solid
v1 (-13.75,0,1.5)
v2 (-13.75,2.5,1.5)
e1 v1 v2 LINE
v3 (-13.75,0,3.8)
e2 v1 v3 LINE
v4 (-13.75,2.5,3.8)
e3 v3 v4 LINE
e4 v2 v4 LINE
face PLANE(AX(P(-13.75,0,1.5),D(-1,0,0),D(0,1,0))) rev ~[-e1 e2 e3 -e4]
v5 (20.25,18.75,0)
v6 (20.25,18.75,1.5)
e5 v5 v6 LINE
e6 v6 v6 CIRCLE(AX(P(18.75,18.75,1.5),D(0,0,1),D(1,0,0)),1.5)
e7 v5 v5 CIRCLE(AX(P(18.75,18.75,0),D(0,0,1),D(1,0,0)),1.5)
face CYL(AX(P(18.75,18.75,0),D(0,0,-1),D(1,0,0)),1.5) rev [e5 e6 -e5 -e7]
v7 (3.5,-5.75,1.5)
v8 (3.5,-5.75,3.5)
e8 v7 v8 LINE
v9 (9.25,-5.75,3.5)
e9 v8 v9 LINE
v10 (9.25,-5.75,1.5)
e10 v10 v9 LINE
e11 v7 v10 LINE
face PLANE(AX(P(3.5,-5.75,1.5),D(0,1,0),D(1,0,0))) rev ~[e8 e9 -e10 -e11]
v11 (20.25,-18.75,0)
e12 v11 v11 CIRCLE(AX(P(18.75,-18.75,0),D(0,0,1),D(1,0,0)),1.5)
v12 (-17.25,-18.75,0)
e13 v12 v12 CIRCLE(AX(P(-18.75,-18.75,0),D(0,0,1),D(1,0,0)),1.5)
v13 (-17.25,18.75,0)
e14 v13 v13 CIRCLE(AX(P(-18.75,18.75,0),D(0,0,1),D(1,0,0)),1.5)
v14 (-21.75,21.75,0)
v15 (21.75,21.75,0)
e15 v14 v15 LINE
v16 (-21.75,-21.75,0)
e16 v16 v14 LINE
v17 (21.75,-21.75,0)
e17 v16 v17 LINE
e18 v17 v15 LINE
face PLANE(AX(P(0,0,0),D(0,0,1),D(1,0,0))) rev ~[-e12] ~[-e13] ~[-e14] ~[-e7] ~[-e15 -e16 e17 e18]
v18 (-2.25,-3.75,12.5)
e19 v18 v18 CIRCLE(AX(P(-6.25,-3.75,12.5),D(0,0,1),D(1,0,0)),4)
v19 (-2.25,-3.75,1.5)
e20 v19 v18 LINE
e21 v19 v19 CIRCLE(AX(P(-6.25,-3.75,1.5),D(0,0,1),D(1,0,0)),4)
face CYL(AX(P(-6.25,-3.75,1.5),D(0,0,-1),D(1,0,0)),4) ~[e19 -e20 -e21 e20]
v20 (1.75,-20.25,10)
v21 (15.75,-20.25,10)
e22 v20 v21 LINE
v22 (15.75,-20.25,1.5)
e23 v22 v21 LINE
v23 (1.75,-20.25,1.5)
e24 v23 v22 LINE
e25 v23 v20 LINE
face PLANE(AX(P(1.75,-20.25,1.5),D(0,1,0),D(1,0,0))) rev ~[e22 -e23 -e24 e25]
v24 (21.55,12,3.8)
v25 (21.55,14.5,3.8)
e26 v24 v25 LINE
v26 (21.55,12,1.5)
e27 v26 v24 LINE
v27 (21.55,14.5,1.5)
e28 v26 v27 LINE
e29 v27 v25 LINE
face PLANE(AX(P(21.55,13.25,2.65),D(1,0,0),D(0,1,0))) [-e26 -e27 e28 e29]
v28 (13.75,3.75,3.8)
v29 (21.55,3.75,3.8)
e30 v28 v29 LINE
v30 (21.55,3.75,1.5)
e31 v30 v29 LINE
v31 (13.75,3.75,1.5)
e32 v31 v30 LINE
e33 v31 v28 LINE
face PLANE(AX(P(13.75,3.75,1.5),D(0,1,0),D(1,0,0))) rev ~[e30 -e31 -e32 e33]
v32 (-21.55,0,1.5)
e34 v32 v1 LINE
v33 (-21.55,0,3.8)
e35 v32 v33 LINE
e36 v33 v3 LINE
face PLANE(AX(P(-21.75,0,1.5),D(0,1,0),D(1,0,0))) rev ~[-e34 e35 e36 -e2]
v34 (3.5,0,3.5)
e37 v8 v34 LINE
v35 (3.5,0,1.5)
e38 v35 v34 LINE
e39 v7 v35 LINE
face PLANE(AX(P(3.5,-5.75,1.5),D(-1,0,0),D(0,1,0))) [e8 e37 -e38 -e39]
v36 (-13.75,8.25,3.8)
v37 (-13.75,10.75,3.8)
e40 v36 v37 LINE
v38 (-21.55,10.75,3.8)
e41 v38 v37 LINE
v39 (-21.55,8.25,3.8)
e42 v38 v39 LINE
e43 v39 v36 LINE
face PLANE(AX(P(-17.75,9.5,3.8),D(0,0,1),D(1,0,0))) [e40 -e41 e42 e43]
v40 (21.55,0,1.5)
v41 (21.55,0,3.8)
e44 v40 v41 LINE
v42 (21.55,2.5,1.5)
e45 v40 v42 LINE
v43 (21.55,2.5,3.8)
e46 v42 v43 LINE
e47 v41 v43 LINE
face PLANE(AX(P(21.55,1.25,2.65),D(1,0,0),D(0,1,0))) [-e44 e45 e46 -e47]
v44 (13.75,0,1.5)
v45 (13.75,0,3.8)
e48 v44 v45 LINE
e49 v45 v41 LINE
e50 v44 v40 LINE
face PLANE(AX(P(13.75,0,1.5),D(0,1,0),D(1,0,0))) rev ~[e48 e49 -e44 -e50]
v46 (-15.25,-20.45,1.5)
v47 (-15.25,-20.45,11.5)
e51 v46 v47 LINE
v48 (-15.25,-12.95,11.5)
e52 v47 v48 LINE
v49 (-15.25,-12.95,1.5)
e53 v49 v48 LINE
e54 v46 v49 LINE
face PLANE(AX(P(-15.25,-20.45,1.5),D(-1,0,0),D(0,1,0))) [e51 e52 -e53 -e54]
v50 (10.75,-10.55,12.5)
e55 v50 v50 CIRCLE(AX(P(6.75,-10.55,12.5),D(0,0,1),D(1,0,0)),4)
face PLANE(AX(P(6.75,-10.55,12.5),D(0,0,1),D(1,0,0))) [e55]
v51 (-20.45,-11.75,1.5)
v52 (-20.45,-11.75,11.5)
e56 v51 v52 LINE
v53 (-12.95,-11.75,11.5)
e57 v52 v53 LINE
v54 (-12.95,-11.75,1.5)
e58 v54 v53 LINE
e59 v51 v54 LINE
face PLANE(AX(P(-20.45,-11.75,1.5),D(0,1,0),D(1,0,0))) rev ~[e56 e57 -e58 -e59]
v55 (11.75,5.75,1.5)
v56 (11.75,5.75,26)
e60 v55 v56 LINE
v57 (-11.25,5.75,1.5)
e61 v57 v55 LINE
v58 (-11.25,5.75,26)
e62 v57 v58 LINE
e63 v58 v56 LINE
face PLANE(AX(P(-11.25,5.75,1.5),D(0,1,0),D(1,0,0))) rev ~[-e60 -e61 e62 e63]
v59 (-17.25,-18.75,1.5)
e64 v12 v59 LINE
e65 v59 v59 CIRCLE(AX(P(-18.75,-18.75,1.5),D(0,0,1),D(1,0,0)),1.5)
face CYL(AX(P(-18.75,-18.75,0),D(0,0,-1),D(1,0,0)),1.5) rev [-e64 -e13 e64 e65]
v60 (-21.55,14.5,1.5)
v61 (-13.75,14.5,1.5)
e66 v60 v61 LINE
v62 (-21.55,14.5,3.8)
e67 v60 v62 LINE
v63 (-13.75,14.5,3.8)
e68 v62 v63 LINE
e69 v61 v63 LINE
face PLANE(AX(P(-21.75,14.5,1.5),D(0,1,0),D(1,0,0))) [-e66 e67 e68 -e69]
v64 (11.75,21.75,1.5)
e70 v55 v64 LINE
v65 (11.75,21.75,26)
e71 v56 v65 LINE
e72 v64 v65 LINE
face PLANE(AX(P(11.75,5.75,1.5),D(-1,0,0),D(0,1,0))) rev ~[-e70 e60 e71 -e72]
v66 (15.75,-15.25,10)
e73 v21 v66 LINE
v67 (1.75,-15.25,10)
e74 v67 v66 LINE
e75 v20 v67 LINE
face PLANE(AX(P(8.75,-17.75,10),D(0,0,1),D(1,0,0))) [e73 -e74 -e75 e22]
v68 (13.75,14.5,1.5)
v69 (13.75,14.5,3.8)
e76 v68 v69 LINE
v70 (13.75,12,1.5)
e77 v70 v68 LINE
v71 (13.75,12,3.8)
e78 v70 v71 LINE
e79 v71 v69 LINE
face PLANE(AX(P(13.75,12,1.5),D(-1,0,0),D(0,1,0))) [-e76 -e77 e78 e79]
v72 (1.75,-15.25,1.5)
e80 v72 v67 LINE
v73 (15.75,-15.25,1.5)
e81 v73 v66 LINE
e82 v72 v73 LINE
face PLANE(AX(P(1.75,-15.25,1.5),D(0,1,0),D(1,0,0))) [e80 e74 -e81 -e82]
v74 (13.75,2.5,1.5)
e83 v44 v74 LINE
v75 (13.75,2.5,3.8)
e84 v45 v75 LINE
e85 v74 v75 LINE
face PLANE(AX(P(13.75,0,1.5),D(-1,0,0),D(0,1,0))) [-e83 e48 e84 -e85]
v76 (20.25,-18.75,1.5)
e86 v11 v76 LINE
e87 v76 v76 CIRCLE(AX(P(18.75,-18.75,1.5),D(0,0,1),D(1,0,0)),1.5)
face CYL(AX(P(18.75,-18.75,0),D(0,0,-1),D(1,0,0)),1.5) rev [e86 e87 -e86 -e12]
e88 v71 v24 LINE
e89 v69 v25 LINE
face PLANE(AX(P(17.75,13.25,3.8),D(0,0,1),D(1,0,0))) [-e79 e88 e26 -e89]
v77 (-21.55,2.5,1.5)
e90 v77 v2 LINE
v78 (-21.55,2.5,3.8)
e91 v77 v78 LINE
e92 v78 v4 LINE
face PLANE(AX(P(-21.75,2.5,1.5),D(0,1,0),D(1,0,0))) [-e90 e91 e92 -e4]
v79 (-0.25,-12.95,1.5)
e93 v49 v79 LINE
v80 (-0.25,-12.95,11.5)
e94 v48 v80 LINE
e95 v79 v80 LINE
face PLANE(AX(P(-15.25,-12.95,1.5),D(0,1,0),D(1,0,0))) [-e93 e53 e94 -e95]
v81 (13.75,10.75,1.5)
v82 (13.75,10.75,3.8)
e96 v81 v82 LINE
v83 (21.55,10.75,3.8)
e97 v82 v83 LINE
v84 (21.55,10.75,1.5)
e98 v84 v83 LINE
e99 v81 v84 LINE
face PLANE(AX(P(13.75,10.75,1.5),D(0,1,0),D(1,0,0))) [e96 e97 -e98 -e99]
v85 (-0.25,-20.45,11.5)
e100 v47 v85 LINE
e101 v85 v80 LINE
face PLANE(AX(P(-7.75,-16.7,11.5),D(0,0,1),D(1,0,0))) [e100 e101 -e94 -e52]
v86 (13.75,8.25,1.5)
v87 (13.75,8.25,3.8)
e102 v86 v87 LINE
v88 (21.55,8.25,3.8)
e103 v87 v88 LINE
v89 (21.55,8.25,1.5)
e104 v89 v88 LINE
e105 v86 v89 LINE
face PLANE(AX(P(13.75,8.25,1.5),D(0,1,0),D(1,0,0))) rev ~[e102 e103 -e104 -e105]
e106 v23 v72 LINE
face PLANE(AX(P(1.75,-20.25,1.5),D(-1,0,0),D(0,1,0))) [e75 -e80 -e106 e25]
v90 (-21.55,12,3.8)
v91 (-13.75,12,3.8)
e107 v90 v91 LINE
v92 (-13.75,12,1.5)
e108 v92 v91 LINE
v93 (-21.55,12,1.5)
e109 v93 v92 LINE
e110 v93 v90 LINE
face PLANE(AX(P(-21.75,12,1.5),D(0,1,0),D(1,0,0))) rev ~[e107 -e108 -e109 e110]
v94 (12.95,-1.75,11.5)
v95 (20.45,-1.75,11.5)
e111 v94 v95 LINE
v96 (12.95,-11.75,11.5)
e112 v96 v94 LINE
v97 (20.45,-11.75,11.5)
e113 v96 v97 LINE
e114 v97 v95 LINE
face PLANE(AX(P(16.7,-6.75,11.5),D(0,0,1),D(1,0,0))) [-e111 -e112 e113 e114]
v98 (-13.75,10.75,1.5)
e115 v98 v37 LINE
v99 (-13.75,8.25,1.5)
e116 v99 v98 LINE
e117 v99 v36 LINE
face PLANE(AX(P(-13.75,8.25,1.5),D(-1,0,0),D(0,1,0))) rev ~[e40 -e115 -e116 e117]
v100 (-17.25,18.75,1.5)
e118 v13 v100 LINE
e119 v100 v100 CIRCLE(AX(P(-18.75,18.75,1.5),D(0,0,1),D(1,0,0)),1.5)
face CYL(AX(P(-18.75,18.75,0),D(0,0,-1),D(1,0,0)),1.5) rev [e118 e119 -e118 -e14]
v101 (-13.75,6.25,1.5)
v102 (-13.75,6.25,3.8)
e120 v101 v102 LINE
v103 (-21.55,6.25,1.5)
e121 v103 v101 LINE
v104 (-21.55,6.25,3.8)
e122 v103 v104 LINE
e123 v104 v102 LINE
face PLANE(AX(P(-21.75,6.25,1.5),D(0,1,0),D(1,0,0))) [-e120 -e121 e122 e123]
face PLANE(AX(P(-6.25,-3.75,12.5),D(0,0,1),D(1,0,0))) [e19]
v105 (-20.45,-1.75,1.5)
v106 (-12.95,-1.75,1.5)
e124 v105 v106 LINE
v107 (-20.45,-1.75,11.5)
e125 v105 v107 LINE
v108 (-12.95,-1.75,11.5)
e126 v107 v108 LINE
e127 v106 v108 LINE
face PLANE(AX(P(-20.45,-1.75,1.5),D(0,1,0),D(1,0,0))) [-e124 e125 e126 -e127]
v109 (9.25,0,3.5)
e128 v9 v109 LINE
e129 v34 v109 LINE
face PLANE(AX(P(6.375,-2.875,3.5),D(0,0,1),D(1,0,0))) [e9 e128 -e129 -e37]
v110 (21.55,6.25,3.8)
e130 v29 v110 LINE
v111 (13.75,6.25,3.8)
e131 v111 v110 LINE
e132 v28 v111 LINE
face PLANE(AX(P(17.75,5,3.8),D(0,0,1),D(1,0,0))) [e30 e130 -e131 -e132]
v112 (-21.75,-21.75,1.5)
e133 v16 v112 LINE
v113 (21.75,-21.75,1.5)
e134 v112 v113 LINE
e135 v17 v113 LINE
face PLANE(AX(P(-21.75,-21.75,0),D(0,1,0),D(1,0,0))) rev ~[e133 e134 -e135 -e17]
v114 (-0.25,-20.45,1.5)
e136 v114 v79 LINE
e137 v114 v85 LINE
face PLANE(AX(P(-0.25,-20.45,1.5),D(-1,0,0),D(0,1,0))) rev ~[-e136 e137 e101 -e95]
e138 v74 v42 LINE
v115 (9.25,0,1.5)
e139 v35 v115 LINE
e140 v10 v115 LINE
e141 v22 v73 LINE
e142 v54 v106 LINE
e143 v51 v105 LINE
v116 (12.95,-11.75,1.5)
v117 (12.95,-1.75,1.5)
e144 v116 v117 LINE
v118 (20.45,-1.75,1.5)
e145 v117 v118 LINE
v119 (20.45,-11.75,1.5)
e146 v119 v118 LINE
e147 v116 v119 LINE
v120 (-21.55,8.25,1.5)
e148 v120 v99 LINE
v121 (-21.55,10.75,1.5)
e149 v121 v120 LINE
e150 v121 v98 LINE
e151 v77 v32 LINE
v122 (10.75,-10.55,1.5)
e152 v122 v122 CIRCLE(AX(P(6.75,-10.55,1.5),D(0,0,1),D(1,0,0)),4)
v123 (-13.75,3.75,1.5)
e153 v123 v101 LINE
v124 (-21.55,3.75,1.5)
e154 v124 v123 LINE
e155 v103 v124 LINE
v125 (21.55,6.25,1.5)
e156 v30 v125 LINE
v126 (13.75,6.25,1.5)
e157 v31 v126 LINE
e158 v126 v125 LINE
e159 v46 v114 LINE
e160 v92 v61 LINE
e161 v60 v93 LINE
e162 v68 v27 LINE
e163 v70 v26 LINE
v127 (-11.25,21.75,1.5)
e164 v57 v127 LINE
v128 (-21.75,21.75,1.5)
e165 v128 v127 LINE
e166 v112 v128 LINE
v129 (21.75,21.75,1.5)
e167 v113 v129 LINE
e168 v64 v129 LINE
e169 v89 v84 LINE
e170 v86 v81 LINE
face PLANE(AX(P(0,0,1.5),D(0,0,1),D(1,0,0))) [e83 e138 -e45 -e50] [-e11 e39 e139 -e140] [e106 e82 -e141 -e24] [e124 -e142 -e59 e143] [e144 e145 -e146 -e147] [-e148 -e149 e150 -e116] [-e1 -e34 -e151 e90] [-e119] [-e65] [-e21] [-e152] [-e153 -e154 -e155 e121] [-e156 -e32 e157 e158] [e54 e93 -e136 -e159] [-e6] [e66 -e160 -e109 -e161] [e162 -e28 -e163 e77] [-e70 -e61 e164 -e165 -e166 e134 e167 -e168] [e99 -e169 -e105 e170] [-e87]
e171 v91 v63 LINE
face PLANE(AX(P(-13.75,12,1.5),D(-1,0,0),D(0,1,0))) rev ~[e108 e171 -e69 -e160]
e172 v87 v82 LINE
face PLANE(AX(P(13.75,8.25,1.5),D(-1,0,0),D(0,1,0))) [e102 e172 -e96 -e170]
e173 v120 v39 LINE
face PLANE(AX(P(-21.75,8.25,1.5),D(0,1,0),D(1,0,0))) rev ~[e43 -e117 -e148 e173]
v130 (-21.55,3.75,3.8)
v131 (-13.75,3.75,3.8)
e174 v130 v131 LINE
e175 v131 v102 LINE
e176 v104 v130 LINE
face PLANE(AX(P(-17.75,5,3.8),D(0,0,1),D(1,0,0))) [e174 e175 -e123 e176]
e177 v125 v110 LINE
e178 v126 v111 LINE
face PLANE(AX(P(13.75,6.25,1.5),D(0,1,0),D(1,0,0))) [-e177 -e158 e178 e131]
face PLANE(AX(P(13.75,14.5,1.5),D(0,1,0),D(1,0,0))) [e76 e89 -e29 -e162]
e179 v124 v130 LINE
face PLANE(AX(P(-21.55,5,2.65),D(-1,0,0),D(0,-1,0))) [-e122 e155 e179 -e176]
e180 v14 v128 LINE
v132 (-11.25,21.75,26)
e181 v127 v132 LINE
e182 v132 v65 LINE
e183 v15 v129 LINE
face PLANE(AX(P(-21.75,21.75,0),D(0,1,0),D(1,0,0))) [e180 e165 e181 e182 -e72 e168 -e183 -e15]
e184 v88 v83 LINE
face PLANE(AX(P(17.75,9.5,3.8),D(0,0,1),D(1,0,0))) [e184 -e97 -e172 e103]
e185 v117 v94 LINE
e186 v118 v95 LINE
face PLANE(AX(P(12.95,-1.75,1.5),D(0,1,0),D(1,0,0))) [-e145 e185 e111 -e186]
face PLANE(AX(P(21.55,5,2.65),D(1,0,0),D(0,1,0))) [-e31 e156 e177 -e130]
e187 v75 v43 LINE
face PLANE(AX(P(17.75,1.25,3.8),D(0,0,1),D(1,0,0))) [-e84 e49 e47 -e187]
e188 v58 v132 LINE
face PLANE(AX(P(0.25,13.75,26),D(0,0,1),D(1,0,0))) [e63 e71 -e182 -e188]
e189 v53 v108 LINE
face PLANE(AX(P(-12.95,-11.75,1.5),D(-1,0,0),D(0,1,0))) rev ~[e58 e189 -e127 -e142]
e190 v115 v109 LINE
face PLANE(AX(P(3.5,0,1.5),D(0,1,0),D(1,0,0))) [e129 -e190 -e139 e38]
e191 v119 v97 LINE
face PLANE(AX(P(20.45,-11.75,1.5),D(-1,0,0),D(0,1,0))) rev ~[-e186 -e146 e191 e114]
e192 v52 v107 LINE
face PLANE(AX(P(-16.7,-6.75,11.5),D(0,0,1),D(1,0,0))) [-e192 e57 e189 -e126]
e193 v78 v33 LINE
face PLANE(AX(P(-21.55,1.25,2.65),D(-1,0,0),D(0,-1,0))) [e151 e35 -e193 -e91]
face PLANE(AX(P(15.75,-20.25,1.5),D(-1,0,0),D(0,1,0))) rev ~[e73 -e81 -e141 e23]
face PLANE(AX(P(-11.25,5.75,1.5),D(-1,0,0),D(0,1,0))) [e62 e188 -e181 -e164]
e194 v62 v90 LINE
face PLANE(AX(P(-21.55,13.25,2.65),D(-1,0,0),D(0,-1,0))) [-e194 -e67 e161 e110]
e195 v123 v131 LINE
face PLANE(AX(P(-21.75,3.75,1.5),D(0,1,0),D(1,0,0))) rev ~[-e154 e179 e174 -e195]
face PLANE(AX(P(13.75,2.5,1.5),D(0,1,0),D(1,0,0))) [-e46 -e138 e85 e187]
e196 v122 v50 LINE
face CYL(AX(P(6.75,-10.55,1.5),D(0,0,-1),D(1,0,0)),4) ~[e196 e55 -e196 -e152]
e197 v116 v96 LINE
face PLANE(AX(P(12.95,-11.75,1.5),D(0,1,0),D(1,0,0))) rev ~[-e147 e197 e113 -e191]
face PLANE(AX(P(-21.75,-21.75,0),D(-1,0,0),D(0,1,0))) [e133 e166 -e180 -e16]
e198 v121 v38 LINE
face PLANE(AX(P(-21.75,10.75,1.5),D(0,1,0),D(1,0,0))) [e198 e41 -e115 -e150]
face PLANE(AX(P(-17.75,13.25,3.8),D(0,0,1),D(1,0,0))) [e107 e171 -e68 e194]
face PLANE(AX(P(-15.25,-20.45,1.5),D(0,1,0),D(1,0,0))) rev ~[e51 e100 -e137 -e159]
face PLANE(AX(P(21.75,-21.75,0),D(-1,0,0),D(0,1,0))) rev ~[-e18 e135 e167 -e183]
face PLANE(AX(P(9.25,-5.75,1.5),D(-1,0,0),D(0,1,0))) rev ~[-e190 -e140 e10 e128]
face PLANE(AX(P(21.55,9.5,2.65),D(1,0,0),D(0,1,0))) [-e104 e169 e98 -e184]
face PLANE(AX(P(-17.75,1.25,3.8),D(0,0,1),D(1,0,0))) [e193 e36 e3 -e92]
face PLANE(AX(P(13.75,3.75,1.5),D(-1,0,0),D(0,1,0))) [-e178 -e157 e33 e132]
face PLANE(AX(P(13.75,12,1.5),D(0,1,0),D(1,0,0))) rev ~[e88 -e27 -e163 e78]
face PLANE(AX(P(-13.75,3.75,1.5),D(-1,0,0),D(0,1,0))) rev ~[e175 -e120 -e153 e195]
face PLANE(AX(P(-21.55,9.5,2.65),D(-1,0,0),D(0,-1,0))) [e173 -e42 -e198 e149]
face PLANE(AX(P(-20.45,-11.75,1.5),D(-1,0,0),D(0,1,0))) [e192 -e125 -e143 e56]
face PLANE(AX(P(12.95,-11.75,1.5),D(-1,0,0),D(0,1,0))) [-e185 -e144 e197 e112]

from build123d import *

# Parameters (mm, degrees)
F0_W      = 43.5
F0_H      = 43.5
F0_R      = 1.5
F1_DEPTH  = 1.5
F2_W      = 23
F2_H      = 16
F3_DEPTH  = 24.5
F4_W      = 8
F4_H      = 2.5
F5_DEPTH  = 2.3
F6_W      = 5.75
F6_H      = 5.75
F7_DEPTH  = 2
F8_R      = 4
F9_DEPTH  = 11
F10_W     = 7.5
F10_H     = 10
F10_W_2   = 15
F10_H_2   = 7.5
F11_DEPTH = 10
F12_W     = 14
F12_H     = 5
F13_DEPTH = 8.5
F14_W     = 2.5
F14_H     = 2.3
F15_DEPTH = 0.2
F16_W     = 2.5
F16_H     = 2.3
F17_DEPTH = 0.2


with BuildPart() as f1:
    # F0 (on Top) → F1 (new body)
    with BuildSketch(Plane.XY):
        Rectangle(F0_W, F0_H)
        with Locations((-18.75, -18.75)):
            Circle(F0_R, mode=Mode.SUBTRACT)
        with Locations((18.75, -18.75)):
            Circle(F0_R, mode=Mode.SUBTRACT)
        with Locations((-18.75, 18.75)):
            Circle(F0_R, mode=Mode.SUBTRACT)
        with Locations((18.75, 18.75)):
            Circle(F0_R, mode=Mode.SUBTRACT)
    extrude(amount=F1_DEPTH)

    # F2 (on face) → F3 (join)
    with BuildSketch(Plane.XY.offset(1.5)):
        with Locations((0.25, 13.75)):
            Rectangle(F2_W, F2_H)
    extrude(amount=F3_DEPTH)

    # F4 (on face) → F5 (join)
    with BuildSketch(Plane.XY.offset(1.5)):
        with Locations((-17.75, 13.25)):
            Rectangle(F4_W, F4_H)
        with Locations((-17.75, 9.5)):
            Rectangle(F4_W, F4_H)
        with Locations((-17.75, 5)):
            Rectangle(F4_W, F4_H)
        with Locations((17.75, 13.25)):
            Rectangle(F4_W, F4_H)
        with Locations((17.75, 9.5)):
            Rectangle(F4_W, F4_H)
        with Locations((17.75, 5)):
            Rectangle(F4_W, F4_H)
        with Locations((17.75, 1.25)):
            Rectangle(F4_W, F4_H)
        with Locations((-17.75, 1.25)):
            Rectangle(F4_W, F4_H)
    extrude(amount=F5_DEPTH)

    # F6 (on face) → F7 (join)
    with BuildSketch(Plane.XY.offset(1.5)):
        with Locations((6.375, -2.875)):
            Rectangle(F6_W, F6_H)
    extrude(amount=F7_DEPTH)

    # F8 (on face) → F9 (join)
    with BuildSketch(Plane.XY.offset(1.5)):
        with Locations((-6.25, -3.75)):
            Circle(F8_R)
        with Locations((6.75, -10.55)):
            Circle(F8_R)
    extrude(amount=F9_DEPTH)

    # F10 (on face) → F11 (join)
    with BuildSketch(Plane.XY.offset(1.5)):
        with Locations((16.7, -6.75)):
            Rectangle(F10_W, F10_H)
        with Locations((-16.7, -6.75)):
            Rectangle(F10_W, F10_H)
        with Locations((-7.75, -16.7)):
            Rectangle(F10_W_2, F10_H_2)
    extrude(amount=F11_DEPTH)

    # F12 (on face) → F13 (join)
    with BuildSketch(Plane.XY.offset(1.5)):
        with Locations((8.75, -17.75)):
            Rectangle(F12_W, F12_H)
    extrude(amount=F13_DEPTH)

    # F14 (on face) → F15 (cut)
    with BuildSketch(Plane.YZ.offset(21.75)):
        with Locations((1.25, 2.65)):
            Rectangle(F14_W, F14_H)
        with Locations((5, 2.65)):
            Rectangle(F14_W, F14_H)
        with Locations((9.5, 2.65)):
            Rectangle(F14_W, F14_H)
        with Locations((13.25, 2.65)):
            Rectangle(F14_W, F14_H)
    extrude(amount=-F15_DEPTH, mode=Mode.SUBTRACT)

    # F16 (on face) → F17 (cut)
    with BuildSketch(Plane(origin=(-21.75, 0, 0), x_dir=(0, -1, 0), z_dir=(-1, 0, 0))):
        with Locations((-13.25, 2.65)):
            Rectangle(F16_W, F16_H)
        with Locations((-9.5, 2.65)):
            Rectangle(F16_W, F16_H)
        with Locations((-5, 2.65)):
            Rectangle(F16_W, F16_H)
        with Locations((-1.25, 2.65)):
            Rectangle(F16_W, F16_H)
    extrude(amount=-F17_DEPTH, mode=Mode.SUBTRACT)


solid = f1.part
